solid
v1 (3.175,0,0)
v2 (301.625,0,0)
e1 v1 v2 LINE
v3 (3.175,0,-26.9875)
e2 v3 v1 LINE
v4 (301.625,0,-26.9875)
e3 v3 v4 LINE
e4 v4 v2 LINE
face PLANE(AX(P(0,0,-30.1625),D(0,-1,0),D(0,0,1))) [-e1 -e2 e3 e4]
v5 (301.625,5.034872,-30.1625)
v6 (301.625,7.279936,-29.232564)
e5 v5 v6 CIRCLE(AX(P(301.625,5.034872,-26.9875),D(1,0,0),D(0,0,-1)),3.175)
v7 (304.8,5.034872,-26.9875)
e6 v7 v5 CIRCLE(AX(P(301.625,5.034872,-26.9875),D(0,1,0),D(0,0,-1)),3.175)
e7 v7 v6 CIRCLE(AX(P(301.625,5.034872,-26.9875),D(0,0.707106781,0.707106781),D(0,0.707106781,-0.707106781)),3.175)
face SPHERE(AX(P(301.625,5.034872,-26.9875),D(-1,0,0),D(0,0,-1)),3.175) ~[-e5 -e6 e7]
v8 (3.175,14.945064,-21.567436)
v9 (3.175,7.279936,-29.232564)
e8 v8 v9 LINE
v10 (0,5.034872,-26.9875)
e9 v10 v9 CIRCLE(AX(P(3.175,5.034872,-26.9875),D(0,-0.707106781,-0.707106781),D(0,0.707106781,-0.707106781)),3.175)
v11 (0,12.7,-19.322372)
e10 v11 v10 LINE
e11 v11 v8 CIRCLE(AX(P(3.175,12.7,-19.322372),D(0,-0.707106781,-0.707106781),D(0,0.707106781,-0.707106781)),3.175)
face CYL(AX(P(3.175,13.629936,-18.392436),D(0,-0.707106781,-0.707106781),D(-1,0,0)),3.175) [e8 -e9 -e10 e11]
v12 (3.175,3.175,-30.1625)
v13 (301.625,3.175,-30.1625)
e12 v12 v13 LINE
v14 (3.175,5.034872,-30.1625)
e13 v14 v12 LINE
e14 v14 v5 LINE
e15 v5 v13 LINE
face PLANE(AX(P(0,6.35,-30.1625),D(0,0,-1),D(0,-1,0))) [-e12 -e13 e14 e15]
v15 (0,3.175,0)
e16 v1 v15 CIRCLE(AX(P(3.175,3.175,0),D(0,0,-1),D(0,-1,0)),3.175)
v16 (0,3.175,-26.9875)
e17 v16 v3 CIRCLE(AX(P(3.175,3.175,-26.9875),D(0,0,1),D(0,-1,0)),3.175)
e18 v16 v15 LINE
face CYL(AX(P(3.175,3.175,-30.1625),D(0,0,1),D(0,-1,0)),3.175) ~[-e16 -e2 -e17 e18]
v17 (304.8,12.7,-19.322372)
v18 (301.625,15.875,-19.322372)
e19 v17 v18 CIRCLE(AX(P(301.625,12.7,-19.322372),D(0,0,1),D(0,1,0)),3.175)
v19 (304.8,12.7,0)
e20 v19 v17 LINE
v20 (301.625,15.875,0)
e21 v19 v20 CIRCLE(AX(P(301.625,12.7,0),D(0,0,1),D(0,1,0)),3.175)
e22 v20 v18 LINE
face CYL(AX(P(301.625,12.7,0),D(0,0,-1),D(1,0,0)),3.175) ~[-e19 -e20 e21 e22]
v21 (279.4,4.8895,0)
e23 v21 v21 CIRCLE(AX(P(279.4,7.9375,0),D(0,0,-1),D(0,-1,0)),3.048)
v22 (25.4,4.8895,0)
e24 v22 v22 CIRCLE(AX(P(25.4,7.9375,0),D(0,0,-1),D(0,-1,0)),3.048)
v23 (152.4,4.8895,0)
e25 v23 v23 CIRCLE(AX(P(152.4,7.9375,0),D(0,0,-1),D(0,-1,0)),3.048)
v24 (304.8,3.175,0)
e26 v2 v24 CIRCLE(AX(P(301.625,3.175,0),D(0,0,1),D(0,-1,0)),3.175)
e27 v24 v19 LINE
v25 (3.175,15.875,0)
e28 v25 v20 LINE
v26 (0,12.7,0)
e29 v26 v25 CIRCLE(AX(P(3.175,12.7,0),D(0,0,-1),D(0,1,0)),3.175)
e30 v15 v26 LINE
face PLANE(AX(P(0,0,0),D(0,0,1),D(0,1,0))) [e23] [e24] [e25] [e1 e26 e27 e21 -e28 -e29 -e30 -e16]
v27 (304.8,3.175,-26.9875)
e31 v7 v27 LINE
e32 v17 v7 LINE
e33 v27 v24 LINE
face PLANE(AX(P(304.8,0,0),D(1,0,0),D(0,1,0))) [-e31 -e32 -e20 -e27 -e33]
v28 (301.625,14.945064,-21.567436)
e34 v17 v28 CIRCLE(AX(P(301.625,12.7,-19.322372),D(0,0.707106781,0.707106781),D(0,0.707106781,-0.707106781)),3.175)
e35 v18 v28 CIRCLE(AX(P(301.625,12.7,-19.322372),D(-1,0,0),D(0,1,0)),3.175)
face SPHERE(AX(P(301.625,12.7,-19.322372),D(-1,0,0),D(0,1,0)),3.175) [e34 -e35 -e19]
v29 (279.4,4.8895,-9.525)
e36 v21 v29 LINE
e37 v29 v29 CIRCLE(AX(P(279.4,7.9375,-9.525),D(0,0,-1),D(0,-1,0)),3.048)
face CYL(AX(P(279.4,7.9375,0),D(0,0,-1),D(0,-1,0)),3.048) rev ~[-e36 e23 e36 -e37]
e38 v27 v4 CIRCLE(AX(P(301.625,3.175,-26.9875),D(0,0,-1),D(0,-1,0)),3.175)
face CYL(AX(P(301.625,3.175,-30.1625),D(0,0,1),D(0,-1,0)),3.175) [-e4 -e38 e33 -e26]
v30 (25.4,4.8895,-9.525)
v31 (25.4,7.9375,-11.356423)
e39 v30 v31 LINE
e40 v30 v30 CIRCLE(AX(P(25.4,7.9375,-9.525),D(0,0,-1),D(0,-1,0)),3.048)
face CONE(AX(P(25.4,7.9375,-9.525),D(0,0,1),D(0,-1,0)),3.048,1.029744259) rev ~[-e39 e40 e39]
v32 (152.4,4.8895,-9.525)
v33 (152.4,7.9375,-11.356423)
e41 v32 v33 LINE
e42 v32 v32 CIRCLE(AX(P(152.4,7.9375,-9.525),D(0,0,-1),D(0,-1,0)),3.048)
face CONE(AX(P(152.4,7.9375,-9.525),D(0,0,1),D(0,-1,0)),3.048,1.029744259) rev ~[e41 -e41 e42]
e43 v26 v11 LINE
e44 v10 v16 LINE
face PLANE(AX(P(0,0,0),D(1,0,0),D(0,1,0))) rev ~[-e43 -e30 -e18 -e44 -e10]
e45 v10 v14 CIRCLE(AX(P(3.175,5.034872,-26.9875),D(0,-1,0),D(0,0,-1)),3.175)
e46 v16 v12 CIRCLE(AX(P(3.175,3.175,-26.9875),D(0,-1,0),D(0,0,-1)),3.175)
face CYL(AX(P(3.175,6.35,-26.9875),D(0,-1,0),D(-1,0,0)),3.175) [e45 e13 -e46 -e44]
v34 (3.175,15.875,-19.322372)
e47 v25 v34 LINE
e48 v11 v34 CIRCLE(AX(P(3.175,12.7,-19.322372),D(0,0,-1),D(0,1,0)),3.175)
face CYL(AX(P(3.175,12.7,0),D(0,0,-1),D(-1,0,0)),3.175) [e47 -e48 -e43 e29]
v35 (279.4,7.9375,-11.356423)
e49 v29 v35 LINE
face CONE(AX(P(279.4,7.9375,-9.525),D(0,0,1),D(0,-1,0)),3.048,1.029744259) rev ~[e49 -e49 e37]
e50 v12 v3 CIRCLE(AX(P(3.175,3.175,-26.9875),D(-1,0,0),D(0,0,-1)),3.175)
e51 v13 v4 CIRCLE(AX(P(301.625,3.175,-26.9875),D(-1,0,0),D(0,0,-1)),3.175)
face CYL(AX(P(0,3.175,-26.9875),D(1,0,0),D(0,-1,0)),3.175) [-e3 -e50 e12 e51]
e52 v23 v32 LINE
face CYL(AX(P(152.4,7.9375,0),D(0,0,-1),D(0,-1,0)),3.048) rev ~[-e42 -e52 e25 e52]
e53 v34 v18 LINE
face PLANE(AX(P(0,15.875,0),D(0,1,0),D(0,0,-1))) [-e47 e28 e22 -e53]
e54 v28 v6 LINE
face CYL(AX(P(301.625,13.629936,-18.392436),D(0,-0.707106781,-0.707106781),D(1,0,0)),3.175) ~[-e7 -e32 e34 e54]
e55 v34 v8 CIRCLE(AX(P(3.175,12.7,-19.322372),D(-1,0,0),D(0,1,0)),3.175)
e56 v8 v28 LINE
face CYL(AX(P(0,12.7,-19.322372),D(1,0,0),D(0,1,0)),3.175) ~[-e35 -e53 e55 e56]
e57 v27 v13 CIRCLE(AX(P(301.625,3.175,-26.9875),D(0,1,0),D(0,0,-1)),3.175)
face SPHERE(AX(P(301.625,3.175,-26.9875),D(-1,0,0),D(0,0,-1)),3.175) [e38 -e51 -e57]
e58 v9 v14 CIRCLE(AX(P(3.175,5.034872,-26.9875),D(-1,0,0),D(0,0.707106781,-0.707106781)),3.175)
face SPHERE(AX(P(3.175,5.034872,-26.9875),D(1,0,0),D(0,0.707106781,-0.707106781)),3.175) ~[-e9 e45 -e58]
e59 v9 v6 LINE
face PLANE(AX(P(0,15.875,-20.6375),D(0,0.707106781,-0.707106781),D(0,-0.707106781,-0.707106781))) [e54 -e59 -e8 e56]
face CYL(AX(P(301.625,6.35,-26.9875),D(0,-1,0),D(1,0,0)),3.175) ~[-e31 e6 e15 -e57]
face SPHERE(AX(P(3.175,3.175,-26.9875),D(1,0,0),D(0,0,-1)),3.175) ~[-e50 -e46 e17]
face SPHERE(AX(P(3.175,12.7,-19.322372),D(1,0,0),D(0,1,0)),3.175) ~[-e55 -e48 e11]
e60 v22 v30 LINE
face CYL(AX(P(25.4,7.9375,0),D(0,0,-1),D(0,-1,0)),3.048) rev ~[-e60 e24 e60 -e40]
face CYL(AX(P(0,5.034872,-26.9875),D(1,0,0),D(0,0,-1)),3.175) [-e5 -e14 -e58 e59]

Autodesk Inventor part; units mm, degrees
ref_plane "YZ Plane" through (0, 0, 0) normal (1, 0, 0) x (0, 1, 0)
ref_plane "XZ Plane" through (0, 0, 0) normal (0, 1, 0) x (-1, 0, 0)
ref_plane "XY Plane" through (0, 0, 0) normal (0, 0, 1) x (1, 0, 0)
sketch "Sketch1" plane through (0, 0, 0) normal (1, 0, 0) x (0, 1, 0)
  line L0 (0, 0) -> (30.1625, 0)
  line L1 (30.1625, 0) -> (30.1625, -6.35)
  line L2 (30.1625, -6.35) -> (6.35, -30.1625)
  line L3 (6.35, -30.1625) -> (0, -30.1625)
  line L4 (0, -30.1625) -> (0, 0)
  line L5 (15.875, 0) -> (15.875, -20.6375)
  point P0 (15.0812, 0)
  dimension "d0" = 30.1625
  dimension "d1" = 6.35
  dimension "d16" = 15.875
extrude "Extrusion1" add sketch "Sketch1" along normal blind 304.8 contours L0 L5 L2 L3 L4
sketch "Sketch2" plane through (0, 0, 0) normal (0, 0, 1) x (1, 0, 0)
  line L0 (0, 15.875) -> (0, 0) projected
  line L1 (0, 0) -> (304.8, 0) projected
  point P0 (25.4, 7.9375)
  point P1 (152.4, 7.9375)
  point P2 (279.4, 7.9375)
  point P3 (152.4, 0)
  dimension "d4" = 25.4
  dimension "d5" = 7.9375
  dimension "d6" = 25.4
hole "Hole1" at (25.4, 7.9375, 0) at (152.4, 7.9375, 0) at (279.4, 7.9375, 0) direction (0, 0, -1) diameter 6.096 depth 9.525 tip angle 118
fillet "Fillet1" radius 3.175 11 edges at (152.4, 6.35, -30.1625) (152.4, 0, -30.1625) (0, 11.1125, -25.4) (0, 3.175, -30.1625) (0, 0, -15.0812) (304.8, 3.175, -30.1625) (304.8, 0, -15.0812) (304.8, 11.1125, -25.4) (152.4, 15.875, -20.6375) (304.8, 15.875, -10.3188) (0, 15.875, -10.3188)
properties part number "3DPRINT,BELT,GUARD" material "ABS Plastic"
